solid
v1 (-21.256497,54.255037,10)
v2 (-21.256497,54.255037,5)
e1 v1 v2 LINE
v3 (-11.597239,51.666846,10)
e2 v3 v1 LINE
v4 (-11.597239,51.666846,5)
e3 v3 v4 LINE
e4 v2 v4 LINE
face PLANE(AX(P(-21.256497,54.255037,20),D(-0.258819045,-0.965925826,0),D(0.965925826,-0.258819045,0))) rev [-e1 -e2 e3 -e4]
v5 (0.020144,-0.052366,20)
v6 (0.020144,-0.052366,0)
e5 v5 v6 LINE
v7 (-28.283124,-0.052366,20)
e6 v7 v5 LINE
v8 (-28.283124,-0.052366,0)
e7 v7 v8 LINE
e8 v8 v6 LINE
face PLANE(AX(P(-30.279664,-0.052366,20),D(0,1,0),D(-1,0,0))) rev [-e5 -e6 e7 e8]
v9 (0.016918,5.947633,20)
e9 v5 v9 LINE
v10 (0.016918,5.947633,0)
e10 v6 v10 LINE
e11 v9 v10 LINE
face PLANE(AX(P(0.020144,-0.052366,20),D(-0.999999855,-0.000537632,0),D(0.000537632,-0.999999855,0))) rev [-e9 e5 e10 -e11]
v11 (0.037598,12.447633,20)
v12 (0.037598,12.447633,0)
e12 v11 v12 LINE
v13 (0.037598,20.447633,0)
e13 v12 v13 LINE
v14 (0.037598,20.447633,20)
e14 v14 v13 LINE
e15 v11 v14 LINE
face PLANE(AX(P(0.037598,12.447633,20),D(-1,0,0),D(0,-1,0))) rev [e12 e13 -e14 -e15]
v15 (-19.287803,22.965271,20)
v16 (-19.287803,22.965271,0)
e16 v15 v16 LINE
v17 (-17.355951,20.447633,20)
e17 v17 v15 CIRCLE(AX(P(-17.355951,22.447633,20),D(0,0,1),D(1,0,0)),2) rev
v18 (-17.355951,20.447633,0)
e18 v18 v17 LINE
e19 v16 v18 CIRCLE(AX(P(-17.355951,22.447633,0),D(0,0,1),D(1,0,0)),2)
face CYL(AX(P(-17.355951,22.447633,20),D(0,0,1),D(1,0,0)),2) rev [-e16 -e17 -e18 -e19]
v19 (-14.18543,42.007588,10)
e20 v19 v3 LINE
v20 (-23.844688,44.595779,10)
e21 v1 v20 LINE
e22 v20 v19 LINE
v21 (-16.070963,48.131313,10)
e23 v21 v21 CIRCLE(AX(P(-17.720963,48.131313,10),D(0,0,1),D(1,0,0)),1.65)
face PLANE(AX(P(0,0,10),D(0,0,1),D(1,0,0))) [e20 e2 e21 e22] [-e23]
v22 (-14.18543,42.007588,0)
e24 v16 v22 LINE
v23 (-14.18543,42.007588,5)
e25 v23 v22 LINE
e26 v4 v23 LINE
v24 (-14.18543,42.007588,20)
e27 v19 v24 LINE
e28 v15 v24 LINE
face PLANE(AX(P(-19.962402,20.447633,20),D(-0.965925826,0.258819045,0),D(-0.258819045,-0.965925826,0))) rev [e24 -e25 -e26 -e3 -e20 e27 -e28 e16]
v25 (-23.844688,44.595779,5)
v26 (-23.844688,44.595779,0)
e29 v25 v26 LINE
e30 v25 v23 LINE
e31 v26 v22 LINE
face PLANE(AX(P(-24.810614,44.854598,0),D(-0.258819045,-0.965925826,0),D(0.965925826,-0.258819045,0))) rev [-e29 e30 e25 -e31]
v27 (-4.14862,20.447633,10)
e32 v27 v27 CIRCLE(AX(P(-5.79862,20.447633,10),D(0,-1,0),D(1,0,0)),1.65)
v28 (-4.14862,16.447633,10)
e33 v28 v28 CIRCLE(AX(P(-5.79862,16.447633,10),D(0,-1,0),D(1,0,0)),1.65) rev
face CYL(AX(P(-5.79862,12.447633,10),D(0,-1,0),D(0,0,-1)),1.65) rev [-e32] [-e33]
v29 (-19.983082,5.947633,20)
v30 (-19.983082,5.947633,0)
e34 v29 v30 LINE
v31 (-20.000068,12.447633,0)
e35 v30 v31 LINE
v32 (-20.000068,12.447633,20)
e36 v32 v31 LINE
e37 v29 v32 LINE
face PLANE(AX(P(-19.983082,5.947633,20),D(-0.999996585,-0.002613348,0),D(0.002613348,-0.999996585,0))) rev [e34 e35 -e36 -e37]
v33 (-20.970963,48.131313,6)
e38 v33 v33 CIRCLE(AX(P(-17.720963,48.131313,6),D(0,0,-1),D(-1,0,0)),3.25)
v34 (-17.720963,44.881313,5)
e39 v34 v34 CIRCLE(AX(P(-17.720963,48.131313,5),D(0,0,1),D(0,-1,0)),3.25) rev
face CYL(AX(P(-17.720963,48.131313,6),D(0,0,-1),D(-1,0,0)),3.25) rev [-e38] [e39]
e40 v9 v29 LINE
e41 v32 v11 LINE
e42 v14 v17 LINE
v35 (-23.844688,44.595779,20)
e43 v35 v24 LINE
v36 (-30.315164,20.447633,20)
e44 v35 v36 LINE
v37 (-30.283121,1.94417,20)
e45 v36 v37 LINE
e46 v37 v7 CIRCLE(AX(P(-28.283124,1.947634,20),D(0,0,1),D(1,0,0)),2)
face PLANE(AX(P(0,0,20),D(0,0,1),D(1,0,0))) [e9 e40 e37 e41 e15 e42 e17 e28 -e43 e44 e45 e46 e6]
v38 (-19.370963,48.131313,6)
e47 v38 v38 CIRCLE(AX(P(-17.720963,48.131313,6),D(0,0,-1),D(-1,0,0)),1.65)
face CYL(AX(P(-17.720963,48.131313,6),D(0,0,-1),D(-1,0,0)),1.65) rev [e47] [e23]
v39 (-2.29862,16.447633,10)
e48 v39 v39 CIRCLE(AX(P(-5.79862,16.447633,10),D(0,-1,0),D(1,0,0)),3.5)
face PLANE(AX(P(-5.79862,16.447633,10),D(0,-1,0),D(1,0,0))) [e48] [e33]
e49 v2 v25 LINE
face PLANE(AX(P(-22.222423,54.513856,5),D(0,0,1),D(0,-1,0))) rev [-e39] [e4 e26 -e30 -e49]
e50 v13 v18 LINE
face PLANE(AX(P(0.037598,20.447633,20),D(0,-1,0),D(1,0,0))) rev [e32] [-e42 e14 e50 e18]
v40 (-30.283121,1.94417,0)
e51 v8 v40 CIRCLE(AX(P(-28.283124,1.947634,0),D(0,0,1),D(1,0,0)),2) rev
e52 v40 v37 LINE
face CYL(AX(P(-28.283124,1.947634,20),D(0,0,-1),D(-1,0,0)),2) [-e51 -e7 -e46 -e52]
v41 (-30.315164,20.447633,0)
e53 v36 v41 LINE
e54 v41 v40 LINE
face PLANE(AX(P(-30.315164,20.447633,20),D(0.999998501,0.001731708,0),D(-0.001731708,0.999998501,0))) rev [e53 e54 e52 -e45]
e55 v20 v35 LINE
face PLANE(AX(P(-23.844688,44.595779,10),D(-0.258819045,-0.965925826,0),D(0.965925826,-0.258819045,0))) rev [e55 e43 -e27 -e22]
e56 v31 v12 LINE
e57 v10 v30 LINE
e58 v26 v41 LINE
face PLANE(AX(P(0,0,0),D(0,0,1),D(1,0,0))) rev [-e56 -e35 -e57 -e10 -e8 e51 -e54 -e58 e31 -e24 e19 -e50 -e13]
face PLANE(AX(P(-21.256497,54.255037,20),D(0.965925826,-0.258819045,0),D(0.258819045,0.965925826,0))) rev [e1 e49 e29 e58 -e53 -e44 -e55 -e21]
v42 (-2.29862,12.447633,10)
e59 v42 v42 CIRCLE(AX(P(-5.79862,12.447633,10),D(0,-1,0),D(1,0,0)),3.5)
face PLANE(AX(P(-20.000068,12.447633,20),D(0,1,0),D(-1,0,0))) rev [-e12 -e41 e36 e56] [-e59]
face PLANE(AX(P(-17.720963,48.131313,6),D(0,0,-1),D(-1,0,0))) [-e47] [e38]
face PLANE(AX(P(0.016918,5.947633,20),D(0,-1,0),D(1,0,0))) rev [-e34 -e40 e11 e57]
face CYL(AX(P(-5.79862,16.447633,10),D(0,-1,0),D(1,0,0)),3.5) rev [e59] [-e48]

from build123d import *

# Parameters (mm, degrees)
EXTRUDE_1_DEPTH        = 20
FILLET_1_R             = 2
FILLET_2_R             = 2
SKETCH_30_W            = 1.65
SKETCH_30_H            = 8
SKETCH_31_R            = 3.5
CUT_EXTRUDE_1_DEPTH    = 4
CUT_EXTRUDE_2_DEPTH    = 10
SKETCH_34_R            = 3.25
CUT_EXTRUDE_3_DEPTH    = 6
HOLE_WIZARD_M4_2_D     = 3.3
HOLE_WIZARD_M4_2_DEPTH = 4
SKETCH_38_W            = 5
SKETCH_38_H            = 10
CUT_EXTRUDE_4_DEPTH    = 11


with BuildPart() as part:
    # 草图1 → 凸台-拉伸1 (new body)
    with BuildSketch(Plane.XY):
        Polygon((0.020144186, -0.052366179), (0.016918395, 5.947632954), (-19.983081605, 5.947632954), (-20.000068427, 12.447632954), (0.03759791, 12.447632954), (0.03759791, 20.447632954), (-19.96240209, 20.447632954), (-11.597239053, 51.666846423), (-21.256497316, 54.255036874), (-30.315163894, 20.447632954), (-30.279663837, -0.052366179), align=None)
    extrude(amount=EXTRUDE_1_DEPTH)

    # 圆角1
    fillet_1_edges = [part.edges().sort_by_distance(p)[0] for p in [
        (-19.96240209, 20.447632954, 10),
    ]]
    fillet(fillet_1_edges, radius=FILLET_1_R)

    # 圆角2
    fillet_2_edges = [part.edges().sort_by_distance(p)[0] for p in [
        (-30.279663837, -0.052366179, 10),
    ]]
    fillet(fillet_2_edges, radius=FILLET_2_R)

    # 草图30 → M4 螺纹孔的螺纹孔钻头1 (revolve, cut)
    with BuildSketch(Plane(origin=(-5.798619526, 12.447632954, 10), x_dir=(0, 0, -1), z_dir=(1, 0, 0))):
        with Locations((0.825, 4)):
            Rectangle(SKETCH_30_W, SKETCH_30_H)
    revolve(axis=Axis((-5.798619526, 6.097632954, 10), (0, 1, 0)), mode=Mode.SUBTRACT)

    # 草图31 → 切除-拉伸1 (cut)
    with BuildSketch(Plane.XZ.offset(-12.447632954)):
        with Locations((-5.798619526, 10)):
            Circle(SKETCH_31_R)
    extrude(amount=-CUT_EXTRUDE_1_DEPTH, mode=Mode.SUBTRACT)

    # 草图33 → 切除-拉伸2 (cut)
    with BuildSketch(Plane.XY.offset(20)):
        Polygon((-21.256497316, 54.255036874), (-11.597239053, 51.666846423), (-14.185429504, 42.00758816), (-23.844687767, 44.595778611), align=None)
    extrude(amount=-CUT_EXTRUDE_2_DEPTH, mode=Mode.SUBTRACT)

    # 草图34 → 切除-拉伸3 (cut)
    with BuildSketch(Plane(origin=(0, 0, 0), x_dir=(-1, 0, 0), z_dir=(0, 0, -1))):
        with Locations((17.72096341, 48.131312517)):
            Circle(SKETCH_34_R)
    extrude(amount=-CUT_EXTRUDE_3_DEPTH, mode=Mode.SUBTRACT)

    # M4 螺纹孔的螺纹孔钻头2
    with Locations(Plane(origin=(0, 0, 6), x_dir=(-1, 0, 0), z_dir=(0, 0, -1))):
        with Locations((17.72096341, 48.131312517)):
            Hole(HOLE_WIZARD_M4_2_D / 2, depth=HOLE_WIZARD_M4_2_DEPTH)

    # 草图38 → 切除-拉伸4 (cut)
    with BuildSketch(Plane(origin=(-23.737082949, 6.360332207, 0), x_dir=(0, 0, -1), z_dir=(0.965925826, -0.258819045, 0))):
        with Locations((-2.5, 41.904754985)):
            Rectangle(SKETCH_38_W, SKETCH_38_H)
    extrude(amount=-CUT_EXTRUDE_4_DEPTH, mode=Mode.SUBTRACT)


solid = part.part
